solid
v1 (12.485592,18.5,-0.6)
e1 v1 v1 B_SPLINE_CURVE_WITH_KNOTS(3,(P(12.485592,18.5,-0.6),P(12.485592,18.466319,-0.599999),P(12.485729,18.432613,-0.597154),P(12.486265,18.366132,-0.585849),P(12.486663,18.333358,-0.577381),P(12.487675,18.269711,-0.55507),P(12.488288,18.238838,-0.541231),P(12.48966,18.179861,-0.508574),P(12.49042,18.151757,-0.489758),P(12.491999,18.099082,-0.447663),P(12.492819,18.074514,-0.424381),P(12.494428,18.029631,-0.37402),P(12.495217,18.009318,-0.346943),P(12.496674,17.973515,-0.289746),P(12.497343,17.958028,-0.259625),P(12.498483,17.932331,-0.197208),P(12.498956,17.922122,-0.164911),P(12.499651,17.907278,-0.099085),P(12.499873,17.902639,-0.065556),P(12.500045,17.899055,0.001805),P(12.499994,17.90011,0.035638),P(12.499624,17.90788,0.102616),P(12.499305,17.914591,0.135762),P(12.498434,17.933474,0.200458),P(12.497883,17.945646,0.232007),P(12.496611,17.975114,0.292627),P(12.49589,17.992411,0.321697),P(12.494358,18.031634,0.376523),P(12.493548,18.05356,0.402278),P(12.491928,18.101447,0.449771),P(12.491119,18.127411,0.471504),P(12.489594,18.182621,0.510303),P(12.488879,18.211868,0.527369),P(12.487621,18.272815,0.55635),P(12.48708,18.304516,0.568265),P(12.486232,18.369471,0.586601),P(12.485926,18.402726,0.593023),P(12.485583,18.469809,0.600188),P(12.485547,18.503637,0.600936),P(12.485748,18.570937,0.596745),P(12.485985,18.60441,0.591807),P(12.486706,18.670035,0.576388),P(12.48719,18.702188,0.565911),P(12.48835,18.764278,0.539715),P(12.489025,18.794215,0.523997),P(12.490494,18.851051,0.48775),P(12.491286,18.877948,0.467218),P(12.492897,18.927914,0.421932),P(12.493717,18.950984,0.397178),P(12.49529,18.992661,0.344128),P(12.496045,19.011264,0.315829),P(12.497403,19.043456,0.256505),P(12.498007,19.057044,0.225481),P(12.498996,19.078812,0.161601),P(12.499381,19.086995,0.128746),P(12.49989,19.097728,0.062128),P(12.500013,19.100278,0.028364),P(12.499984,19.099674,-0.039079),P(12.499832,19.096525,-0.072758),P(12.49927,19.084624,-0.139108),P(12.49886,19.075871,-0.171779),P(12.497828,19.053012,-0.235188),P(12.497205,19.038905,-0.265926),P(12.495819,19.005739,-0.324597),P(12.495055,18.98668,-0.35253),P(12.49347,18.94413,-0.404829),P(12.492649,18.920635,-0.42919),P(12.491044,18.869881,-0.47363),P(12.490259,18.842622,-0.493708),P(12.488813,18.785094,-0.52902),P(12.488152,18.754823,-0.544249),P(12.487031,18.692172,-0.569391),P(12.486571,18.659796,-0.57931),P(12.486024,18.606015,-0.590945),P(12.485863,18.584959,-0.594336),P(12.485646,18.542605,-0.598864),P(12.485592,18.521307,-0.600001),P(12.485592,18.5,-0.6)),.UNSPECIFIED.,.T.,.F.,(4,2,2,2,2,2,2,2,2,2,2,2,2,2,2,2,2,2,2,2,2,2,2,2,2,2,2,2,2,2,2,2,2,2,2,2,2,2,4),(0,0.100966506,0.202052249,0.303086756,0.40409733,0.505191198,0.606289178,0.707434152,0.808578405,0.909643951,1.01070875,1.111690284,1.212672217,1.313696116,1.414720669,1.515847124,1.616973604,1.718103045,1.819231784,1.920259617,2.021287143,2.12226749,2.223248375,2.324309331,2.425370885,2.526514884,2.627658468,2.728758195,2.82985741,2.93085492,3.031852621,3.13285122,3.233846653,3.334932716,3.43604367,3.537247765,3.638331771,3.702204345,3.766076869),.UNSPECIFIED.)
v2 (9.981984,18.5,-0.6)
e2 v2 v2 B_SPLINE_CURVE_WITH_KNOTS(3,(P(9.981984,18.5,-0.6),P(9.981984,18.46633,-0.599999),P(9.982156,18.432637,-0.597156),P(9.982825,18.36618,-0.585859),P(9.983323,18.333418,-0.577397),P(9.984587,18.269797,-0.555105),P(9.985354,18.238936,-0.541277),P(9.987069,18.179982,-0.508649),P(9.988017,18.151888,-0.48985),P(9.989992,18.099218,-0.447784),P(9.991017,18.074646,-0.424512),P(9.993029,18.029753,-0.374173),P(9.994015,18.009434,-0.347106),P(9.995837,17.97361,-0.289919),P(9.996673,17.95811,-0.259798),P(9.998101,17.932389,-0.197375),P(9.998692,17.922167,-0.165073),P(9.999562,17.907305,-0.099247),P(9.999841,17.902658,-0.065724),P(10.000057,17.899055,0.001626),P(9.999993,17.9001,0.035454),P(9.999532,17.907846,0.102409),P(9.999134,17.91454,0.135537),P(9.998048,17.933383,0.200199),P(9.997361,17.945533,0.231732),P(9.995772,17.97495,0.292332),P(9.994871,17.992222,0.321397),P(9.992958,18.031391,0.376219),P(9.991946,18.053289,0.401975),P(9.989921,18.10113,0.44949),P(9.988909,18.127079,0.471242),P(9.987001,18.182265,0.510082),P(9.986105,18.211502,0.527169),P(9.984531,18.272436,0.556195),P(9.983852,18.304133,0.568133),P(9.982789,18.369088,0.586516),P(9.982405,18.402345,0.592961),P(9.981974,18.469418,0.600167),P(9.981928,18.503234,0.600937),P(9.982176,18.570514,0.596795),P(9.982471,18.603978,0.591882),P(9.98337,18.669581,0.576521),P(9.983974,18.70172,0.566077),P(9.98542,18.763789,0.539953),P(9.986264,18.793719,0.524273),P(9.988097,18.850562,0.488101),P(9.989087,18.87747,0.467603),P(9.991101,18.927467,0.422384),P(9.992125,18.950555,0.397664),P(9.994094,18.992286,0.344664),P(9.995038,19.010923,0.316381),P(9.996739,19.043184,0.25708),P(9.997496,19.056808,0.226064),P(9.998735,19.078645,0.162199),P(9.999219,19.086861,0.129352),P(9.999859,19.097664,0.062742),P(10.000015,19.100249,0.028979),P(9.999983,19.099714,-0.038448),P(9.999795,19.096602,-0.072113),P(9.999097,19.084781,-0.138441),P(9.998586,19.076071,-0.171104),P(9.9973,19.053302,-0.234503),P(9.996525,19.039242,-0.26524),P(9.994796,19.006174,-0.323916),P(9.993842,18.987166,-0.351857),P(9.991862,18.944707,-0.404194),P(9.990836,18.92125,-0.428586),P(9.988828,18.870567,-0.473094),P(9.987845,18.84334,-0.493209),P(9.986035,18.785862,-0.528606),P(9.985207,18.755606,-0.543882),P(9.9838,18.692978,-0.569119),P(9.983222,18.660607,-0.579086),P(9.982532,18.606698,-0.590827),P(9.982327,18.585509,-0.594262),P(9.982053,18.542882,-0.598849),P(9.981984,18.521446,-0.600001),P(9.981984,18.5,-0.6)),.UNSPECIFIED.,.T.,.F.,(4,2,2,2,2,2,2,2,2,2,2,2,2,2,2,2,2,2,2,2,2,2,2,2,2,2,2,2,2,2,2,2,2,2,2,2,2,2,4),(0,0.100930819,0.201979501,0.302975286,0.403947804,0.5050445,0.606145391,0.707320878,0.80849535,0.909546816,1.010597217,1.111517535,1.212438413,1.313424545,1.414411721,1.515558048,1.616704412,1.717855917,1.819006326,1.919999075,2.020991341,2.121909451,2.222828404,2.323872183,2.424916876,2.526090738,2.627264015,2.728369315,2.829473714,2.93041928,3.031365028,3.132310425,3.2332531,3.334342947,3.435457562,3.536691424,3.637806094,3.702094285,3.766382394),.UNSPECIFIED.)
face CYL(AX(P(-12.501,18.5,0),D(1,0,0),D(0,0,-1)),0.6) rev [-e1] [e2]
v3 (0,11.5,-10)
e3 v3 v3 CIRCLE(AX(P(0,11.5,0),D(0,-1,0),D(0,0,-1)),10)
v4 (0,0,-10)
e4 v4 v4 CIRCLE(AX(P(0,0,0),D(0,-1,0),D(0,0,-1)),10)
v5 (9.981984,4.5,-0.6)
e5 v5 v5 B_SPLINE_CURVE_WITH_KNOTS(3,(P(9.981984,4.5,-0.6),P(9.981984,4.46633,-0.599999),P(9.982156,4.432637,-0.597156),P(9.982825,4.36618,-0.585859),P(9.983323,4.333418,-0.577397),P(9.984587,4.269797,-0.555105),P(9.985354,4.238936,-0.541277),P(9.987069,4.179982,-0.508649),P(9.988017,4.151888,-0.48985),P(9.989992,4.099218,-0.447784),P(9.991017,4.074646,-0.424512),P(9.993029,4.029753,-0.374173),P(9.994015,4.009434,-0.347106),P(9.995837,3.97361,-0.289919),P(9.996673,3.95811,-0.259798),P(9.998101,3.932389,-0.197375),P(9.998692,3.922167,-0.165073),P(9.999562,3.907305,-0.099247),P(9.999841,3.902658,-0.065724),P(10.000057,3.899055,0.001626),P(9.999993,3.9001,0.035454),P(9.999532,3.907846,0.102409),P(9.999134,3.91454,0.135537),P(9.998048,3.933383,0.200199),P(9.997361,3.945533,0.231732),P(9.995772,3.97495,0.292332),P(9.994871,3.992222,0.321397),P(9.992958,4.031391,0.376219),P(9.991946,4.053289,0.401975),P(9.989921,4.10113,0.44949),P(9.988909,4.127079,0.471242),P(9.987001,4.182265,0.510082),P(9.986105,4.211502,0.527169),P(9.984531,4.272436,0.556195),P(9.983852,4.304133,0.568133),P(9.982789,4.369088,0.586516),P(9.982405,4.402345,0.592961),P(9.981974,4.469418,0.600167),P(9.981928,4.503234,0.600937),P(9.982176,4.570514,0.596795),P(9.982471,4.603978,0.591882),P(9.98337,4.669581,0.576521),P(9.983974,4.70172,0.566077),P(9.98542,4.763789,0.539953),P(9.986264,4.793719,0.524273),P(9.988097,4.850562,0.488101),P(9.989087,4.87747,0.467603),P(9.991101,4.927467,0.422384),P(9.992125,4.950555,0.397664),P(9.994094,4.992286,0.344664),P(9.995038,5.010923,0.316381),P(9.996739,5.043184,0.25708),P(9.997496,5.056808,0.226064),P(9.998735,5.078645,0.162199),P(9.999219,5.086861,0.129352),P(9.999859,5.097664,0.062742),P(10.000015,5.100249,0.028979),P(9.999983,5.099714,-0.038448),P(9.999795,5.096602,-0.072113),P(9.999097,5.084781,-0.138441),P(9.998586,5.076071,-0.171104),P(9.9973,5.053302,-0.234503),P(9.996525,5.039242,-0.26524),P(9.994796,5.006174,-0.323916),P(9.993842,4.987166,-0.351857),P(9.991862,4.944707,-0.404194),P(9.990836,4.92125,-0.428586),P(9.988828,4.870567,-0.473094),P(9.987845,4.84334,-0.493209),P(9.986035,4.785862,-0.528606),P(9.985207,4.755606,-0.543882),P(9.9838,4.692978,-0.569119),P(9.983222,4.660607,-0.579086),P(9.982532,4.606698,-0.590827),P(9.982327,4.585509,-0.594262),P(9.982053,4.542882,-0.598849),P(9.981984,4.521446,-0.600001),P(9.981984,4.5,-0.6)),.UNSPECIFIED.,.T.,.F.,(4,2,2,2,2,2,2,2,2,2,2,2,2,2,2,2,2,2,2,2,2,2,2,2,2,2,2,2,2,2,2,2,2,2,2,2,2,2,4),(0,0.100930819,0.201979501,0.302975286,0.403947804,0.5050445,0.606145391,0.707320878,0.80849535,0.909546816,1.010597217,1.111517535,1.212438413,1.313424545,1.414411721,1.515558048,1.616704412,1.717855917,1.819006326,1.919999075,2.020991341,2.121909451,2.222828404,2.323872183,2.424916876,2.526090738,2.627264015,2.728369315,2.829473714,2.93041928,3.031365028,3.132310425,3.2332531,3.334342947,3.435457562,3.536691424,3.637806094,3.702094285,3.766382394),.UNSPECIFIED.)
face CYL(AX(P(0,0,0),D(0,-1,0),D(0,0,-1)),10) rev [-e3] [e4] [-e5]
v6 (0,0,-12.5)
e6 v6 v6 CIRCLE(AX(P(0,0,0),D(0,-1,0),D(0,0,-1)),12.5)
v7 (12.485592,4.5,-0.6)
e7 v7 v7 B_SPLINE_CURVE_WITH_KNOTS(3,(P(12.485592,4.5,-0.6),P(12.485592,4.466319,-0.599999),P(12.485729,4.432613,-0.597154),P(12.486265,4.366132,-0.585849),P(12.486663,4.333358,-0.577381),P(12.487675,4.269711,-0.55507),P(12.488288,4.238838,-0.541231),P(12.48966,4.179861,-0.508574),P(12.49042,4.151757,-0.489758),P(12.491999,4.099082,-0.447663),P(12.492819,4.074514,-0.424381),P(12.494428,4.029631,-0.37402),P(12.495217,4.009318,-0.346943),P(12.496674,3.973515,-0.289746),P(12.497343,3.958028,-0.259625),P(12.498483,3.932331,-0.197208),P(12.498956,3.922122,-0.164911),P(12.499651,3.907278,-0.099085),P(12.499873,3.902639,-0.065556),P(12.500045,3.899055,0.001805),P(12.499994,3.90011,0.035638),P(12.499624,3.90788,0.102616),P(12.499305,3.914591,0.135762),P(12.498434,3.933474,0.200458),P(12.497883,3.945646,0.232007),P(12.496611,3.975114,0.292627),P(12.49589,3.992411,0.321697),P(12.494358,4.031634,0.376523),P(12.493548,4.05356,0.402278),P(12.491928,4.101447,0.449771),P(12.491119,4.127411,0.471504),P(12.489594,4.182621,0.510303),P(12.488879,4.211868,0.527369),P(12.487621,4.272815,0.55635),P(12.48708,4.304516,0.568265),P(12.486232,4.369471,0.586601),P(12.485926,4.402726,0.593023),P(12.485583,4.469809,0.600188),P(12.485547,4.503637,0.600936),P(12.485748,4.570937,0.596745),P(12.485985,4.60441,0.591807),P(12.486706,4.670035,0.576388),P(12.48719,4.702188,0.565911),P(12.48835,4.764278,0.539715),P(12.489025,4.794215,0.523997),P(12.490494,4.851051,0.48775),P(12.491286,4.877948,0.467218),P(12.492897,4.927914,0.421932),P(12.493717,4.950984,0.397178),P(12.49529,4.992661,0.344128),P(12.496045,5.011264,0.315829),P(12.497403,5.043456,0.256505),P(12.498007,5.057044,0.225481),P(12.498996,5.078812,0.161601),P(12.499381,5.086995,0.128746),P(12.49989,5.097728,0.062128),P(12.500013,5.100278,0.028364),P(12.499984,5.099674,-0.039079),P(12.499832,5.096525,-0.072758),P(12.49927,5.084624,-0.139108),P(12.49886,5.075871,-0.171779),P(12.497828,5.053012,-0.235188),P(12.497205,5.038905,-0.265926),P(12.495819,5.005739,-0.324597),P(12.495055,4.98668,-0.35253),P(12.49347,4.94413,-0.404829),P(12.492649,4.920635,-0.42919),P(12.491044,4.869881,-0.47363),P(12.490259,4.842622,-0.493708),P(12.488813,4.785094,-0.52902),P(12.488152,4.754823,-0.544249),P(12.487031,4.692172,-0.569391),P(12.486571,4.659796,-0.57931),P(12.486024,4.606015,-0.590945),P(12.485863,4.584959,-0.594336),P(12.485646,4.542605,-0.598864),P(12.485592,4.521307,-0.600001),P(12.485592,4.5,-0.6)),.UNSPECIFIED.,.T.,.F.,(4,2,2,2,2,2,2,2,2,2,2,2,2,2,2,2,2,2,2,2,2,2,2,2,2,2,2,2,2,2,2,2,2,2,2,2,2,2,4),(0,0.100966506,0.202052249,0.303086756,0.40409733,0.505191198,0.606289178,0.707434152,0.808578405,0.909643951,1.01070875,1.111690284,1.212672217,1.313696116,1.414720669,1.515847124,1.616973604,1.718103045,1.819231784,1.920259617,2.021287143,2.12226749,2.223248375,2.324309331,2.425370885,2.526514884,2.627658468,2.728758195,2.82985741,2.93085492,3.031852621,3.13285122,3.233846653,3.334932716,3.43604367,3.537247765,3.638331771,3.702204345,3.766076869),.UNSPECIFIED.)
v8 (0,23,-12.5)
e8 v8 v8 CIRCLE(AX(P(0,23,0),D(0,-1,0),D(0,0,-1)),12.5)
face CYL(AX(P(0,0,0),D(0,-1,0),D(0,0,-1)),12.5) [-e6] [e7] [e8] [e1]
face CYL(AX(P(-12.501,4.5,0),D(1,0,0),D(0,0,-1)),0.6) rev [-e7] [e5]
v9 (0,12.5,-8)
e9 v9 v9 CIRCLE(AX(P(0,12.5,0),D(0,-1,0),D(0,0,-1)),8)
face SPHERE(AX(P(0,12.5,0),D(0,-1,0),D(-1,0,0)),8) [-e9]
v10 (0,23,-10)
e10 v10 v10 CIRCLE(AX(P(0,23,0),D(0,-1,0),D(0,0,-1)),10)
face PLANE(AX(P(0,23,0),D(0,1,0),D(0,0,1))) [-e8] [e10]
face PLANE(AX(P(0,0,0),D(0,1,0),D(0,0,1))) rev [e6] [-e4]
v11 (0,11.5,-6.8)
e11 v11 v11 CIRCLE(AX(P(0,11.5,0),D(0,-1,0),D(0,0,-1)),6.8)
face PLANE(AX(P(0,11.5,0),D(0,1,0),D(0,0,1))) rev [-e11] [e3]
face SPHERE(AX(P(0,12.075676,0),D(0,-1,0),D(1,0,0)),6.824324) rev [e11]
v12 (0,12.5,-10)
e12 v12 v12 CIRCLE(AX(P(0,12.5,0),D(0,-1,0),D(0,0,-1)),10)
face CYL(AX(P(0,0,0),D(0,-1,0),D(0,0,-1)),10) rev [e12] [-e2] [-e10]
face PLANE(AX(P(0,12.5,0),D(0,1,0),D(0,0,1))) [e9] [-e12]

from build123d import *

# Parameters (mm, degrees)
SKETCH1_W               = 2
SKETCH1_H               = 1
SKETCH1_W_2             = 2.5
SKETCH1_H_2             = 23
CUT_EXTRUDE1_REACH      = 38.197
CUT_EXTRUDE1_END_RADIUS = 10


with BuildPart() as part:
    # Sketch1 → Revolve1 (revolve)
    with BuildSketch(Plane.XY, mode=Mode.PRIVATE) as revolve1_sk:
        with BuildLine():
            Line((0, 20.5), (0, 18.9))
            ThreePointArc((0, 18.9), (5.024937811, 16.693186096), (6.8, 11.5))
            Line((6.8, 11.5), (8, 11.5))
            Line((8, 11.5), (8, 12.5))
            ThreePointArc((8, 12.5), (5.656854249, 18.156854249), (0, 20.5))
        make_face()
        with Locations((9, 12)):
            Rectangle(SKETCH1_W, SKETCH1_H)
        with Locations((11.25, 11.5)):
            Rectangle(SKETCH1_W_2, SKETCH1_H_2)
    revolve(revolve1_sk.sketch.rotate(Axis((0, 0, 0), (0, 1, 0)), 90), axis=Axis((0, 0, 0), (0, 1, 0)))

    # Cut-Extrude1: up to this cylinder (the profile starts outside it)
    cut_extrude1_end = Plane(origin=(0, 11.5, 0), z_dir=(0, -1, 0)) * Cylinder(CUT_EXTRUDE1_END_RADIUS, 111.394, mode=Mode.PRIVATE)
    # Sketch2 → Cut-Extrude1 (cut, up to the surface)
    with BuildSketch(Plane(origin=(12.5, 0, 0), x_dir=(0, 0, -1), z_dir=(1, 0, 0)), mode=Mode.PRIVATE) as cut_extrude1_sk1:
        with BuildLine():
            ThreePointArc((0, 19.1), (-0.6, 18.5), (0, 17.9))
            Line((0, 17.9), (0, 19.1))
        make_face()
    cut_extrude1_tool1 = extrude(cut_extrude1_sk1.sketch, amount=-CUT_EXTRUDE1_REACH, mode=Mode.PRIVATE) - cut_extrude1_end
    add(cut_extrude1_tool1.solids().sort_by_distance((12.5, 18.5, 0.254648))[0], mode=Mode.SUBTRACT)
    # Sketch2 → Cut-Extrude1 (cut, up to the surface)
    with BuildSketch(Plane(origin=(12.5, 0, 0), x_dir=(0, 0, -1), z_dir=(1, 0, 0)), mode=Mode.PRIVATE) as cut_extrude1_sk2:
        with BuildLine():
            Line((0, 19.1), (0, 17.9))
            ThreePointArc((0, 17.9), (0.424264069, 18.075735931), (0.6, 18.5))
            ThreePointArc((0.6, 18.5), (0.424264069, 18.924264069), (0, 19.1))
        make_face()
    cut_extrude1_tool2 = extrude(cut_extrude1_sk2.sketch, amount=-CUT_EXTRUDE1_REACH, mode=Mode.PRIVATE) - cut_extrude1_end
    add(cut_extrude1_tool2.solids().sort_by_distance((12.5, 18.5, -0.254648))[0], mode=Mode.SUBTRACT)
    # Sketch2 → Cut-Extrude1 (cut, up to the surface)
    with BuildSketch(Plane(origin=(12.5, 0, 0), x_dir=(0, 0, -1), z_dir=(1, 0, 0)), mode=Mode.PRIVATE) as cut_extrude1_sk3:
        with BuildLine():
            ThreePointArc((0, 19.1), (-0.6, 18.5), (0, 17.9))
            Line((0, 17.9), (0, 19.1))
        make_face()
    cut_extrude1_tool3 = extrude(cut_extrude1_sk3.sketch, amount=-CUT_EXTRUDE1_REACH, mode=Mode.PRIVATE) - cut_extrude1_end
    add(cut_extrude1_tool3.solids().sort_by_distance((12.5, 18.5, 0.254648))[0], mode=Mode.SUBTRACT)
    # Sketch2 → Cut-Extrude1 (cut, up to the surface)
    with BuildSketch(Plane(origin=(12.5, 0, 0), x_dir=(0, 0, -1), z_dir=(1, 0, 0)), mode=Mode.PRIVATE) as cut_extrude1_sk4:
        with BuildLine():
            Line((0, 19.1), (0, 17.9))
            ThreePointArc((0, 17.9), (0.424264069, 18.075735931), (0.6, 18.5))
            ThreePointArc((0.6, 18.5), (0.424264069, 18.924264069), (0, 19.1))
        make_face()
    cut_extrude1_tool4 = extrude(cut_extrude1_sk4.sketch, amount=-CUT_EXTRUDE1_REACH, mode=Mode.PRIVATE) - cut_extrude1_end
    add(cut_extrude1_tool4.solids().sort_by_distance((12.5, 18.5, -0.254648))[0], mode=Mode.SUBTRACT)
    # Sketch2 → Cut-Extrude1 (cut, up to the surface)
    with BuildSketch(Plane(origin=(12.5, 0, 0), x_dir=(0, 0, -1), z_dir=(1, 0, 0)), mode=Mode.PRIVATE) as cut_extrude1_sk5:
        with BuildLine():
            ThreePointArc((0, 5.1), (-0.6, 4.5), (0, 3.9))
            Line((0, 3.9), (0, 5.1))
        make_face()
    cut_extrude1_tool5 = extrude(cut_extrude1_sk5.sketch, amount=-CUT_EXTRUDE1_REACH, mode=Mode.PRIVATE) - cut_extrude1_end
    add(cut_extrude1_tool5.solids().sort_by_distance((12.5, 4.5, 0.254648))[0], mode=Mode.SUBTRACT)
    # Sketch2 → Cut-Extrude1 (cut, up to the surface)
    with BuildSketch(Plane(origin=(12.5, 0, 0), x_dir=(0, 0, -1), z_dir=(1, 0, 0)), mode=Mode.PRIVATE) as cut_extrude1_sk6:
        with BuildLine():
            Line((0, 5.1), (0, 3.9))
            ThreePointArc((0, 3.9), (0.424264069, 4.075735931), (0.6, 4.5))
            ThreePointArc((0.6, 4.5), (0.424264069, 4.924264069), (0, 5.1))
        make_face()
    cut_extrude1_tool6 = extrude(cut_extrude1_sk6.sketch, amount=-CUT_EXTRUDE1_REACH, mode=Mode.PRIVATE) - cut_extrude1_end
    add(cut_extrude1_tool6.solids().sort_by_distance((12.5, 4.5, -0.254648))[0], mode=Mode.SUBTRACT)
    # Sketch2 → Cut-Extrude1 (cut, up to the surface)
    with BuildSketch(Plane(origin=(12.5, 0, 0), x_dir=(0, 0, -1), z_dir=(1, 0, 0)), mode=Mode.PRIVATE) as cut_extrude1_sk7:
        with BuildLine():
            ThreePointArc((0, 5.1), (-0.6, 4.5), (0, 3.9))
            Line((0, 3.9), (0, 5.1))
        make_face()
    cut_extrude1_tool7 = extrude(cut_extrude1_sk7.sketch, amount=-CUT_EXTRUDE1_REACH, mode=Mode.PRIVATE) - cut_extrude1_end
    add(cut_extrude1_tool7.solids().sort_by_distance((12.5, 4.5, 0.254648))[0], mode=Mode.SUBTRACT)
    # Sketch2 → Cut-Extrude1 (cut, up to the surface)
    with BuildSketch(Plane(origin=(12.5, 0, 0), x_dir=(0, 0, -1), z_dir=(1, 0, 0)), mode=Mode.PRIVATE) as cut_extrude1_sk8:
        with BuildLine():
            Line((0, 5.1), (0, 3.9))
            ThreePointArc((0, 3.9), (0.424264069, 4.075735931), (0.6, 4.5))
            ThreePointArc((0.6, 4.5), (0.424264069, 4.924264069), (0, 5.1))
        make_face()
    cut_extrude1_tool8 = extrude(cut_extrude1_sk8.sketch, amount=-CUT_EXTRUDE1_REACH, mode=Mode.PRIVATE) - cut_extrude1_end
    add(cut_extrude1_tool8.solids().sort_by_distance((12.5, 4.5, -0.254648))[0], mode=Mode.SUBTRACT)


solid = part.part
